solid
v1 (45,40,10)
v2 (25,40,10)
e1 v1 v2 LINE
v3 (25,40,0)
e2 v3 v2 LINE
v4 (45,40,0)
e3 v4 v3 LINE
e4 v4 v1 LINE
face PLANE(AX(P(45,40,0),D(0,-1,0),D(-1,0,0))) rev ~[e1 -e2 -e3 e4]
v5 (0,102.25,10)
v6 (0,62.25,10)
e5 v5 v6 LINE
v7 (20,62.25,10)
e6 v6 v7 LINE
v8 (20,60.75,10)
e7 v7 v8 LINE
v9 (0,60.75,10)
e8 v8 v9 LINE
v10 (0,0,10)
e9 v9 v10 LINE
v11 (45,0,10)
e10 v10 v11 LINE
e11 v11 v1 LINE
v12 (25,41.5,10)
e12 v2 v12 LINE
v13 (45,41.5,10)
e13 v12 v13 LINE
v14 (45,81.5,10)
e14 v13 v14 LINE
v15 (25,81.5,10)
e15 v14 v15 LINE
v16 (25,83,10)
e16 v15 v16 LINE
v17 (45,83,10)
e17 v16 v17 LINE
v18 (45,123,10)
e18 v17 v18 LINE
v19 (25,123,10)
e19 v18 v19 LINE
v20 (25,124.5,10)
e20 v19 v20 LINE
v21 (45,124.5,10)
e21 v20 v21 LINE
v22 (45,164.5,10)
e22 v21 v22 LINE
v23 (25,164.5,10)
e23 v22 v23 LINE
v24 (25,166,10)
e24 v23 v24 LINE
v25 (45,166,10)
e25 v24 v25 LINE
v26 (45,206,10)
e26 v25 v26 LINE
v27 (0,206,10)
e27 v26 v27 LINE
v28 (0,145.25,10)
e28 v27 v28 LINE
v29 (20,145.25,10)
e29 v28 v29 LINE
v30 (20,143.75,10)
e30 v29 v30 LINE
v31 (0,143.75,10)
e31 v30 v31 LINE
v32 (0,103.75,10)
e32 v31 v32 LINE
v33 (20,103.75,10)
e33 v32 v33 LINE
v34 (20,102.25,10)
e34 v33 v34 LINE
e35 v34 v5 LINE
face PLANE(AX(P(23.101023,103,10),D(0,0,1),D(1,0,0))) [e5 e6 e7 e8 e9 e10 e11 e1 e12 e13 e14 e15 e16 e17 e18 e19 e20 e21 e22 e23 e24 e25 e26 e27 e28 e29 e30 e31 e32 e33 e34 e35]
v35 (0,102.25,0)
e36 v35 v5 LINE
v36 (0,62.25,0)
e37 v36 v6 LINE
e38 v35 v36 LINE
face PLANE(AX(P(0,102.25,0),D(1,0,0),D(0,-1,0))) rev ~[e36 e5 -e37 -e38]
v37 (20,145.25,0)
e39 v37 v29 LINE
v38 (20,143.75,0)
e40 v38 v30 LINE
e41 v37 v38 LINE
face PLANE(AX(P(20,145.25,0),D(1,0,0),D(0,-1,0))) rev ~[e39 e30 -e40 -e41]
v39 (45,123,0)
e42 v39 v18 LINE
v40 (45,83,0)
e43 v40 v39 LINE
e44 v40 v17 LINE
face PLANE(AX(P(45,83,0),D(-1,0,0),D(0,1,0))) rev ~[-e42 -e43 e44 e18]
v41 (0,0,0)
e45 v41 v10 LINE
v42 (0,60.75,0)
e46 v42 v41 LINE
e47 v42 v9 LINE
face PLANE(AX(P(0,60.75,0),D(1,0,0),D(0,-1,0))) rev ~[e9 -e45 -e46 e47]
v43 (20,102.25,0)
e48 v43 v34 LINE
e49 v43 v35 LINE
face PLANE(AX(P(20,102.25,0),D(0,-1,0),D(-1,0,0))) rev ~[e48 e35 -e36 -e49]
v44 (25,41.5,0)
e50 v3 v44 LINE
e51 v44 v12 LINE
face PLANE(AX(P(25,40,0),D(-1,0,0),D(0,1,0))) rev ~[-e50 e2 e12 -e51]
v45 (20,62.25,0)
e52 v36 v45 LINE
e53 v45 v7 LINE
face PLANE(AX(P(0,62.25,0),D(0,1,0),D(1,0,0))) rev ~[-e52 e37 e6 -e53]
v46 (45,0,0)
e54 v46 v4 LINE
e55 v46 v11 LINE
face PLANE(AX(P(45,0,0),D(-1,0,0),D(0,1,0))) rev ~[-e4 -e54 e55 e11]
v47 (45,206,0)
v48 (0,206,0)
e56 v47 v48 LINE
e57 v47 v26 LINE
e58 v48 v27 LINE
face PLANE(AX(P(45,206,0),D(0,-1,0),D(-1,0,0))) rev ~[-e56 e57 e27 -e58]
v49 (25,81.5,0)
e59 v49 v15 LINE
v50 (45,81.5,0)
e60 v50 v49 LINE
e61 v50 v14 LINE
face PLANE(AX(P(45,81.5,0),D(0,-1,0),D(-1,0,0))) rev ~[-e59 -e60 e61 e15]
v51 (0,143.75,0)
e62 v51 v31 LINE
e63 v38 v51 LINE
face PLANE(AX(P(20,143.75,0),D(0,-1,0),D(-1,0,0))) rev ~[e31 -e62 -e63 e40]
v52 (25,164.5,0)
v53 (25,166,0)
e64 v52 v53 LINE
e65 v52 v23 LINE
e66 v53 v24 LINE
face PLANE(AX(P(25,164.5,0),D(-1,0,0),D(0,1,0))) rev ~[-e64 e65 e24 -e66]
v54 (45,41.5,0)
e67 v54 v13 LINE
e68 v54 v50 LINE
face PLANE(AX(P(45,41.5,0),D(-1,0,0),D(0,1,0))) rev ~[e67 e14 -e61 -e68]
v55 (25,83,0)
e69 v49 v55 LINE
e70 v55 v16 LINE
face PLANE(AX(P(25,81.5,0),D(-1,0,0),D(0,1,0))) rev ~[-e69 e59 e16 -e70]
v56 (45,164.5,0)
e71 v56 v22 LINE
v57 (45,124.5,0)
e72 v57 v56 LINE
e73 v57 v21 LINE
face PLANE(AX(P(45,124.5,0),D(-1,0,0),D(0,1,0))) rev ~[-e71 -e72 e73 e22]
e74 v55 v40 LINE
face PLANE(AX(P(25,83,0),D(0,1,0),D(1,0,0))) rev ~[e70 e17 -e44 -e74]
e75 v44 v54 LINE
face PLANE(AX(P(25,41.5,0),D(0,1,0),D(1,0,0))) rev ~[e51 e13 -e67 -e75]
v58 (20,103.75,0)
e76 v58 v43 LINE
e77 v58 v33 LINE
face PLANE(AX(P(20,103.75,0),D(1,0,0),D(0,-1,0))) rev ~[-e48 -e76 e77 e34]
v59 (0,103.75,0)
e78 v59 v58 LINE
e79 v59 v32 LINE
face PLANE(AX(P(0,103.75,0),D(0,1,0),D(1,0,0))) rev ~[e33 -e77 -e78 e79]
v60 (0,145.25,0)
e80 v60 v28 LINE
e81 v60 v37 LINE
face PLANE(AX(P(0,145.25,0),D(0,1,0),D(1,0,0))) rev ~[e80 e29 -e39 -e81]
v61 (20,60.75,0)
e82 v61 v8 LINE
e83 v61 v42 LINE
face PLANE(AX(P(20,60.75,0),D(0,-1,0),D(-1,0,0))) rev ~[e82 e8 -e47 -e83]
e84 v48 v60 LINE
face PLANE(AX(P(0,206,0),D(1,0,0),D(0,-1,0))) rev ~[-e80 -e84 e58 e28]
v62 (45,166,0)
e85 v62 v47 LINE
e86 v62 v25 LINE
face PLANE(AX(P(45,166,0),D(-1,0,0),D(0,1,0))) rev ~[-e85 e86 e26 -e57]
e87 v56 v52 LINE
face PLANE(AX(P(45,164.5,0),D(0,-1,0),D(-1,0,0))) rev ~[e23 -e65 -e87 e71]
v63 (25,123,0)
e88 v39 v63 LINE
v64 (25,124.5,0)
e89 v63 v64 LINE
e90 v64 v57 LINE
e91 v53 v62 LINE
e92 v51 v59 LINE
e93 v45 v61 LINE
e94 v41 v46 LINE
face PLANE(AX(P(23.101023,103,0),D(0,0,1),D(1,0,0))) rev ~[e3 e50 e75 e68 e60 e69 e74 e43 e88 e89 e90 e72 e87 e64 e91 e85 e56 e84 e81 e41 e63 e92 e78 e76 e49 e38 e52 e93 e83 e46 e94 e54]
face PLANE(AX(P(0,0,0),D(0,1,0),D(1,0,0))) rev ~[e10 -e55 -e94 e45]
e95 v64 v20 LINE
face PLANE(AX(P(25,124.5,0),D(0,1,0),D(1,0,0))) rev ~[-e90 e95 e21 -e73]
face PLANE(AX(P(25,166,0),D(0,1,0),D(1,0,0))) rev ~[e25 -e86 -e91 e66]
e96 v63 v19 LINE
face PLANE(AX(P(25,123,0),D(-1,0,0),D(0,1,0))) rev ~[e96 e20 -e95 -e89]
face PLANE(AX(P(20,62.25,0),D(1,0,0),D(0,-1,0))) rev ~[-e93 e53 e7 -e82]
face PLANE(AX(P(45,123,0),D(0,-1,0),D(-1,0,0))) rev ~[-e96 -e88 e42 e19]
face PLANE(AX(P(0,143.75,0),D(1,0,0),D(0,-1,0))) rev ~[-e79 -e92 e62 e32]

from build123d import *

# Parameters (mm, degrees)
F1_DEPTH = 10


with BuildPart() as f1:
    # F0 (on Top) → F1 (new body)
    with BuildSketch(Plane.XY):
        Polygon((0, 60.75), (0, 0), (45, 0), (45, 40), (25, 40), (25, 41.5), (45, 41.5), (45, 81.5), (25, 81.5), (25, 83), (45, 83), (45, 123), (25, 123), (25, 124.5), (45, 124.5), (45, 164.5), (25, 164.5), (25, 166), (45, 166), (45, 206), (0, 206), (0, 145.25), (20, 145.25), (20, 143.75), (0, 143.75), (0, 103.75), (20, 103.75), (20, 102.25), (0, 102.25), (0, 62.25), (20, 62.25), (20, 60.75), align=None)
    extrude(amount=F1_DEPTH)


solid = f1.part
